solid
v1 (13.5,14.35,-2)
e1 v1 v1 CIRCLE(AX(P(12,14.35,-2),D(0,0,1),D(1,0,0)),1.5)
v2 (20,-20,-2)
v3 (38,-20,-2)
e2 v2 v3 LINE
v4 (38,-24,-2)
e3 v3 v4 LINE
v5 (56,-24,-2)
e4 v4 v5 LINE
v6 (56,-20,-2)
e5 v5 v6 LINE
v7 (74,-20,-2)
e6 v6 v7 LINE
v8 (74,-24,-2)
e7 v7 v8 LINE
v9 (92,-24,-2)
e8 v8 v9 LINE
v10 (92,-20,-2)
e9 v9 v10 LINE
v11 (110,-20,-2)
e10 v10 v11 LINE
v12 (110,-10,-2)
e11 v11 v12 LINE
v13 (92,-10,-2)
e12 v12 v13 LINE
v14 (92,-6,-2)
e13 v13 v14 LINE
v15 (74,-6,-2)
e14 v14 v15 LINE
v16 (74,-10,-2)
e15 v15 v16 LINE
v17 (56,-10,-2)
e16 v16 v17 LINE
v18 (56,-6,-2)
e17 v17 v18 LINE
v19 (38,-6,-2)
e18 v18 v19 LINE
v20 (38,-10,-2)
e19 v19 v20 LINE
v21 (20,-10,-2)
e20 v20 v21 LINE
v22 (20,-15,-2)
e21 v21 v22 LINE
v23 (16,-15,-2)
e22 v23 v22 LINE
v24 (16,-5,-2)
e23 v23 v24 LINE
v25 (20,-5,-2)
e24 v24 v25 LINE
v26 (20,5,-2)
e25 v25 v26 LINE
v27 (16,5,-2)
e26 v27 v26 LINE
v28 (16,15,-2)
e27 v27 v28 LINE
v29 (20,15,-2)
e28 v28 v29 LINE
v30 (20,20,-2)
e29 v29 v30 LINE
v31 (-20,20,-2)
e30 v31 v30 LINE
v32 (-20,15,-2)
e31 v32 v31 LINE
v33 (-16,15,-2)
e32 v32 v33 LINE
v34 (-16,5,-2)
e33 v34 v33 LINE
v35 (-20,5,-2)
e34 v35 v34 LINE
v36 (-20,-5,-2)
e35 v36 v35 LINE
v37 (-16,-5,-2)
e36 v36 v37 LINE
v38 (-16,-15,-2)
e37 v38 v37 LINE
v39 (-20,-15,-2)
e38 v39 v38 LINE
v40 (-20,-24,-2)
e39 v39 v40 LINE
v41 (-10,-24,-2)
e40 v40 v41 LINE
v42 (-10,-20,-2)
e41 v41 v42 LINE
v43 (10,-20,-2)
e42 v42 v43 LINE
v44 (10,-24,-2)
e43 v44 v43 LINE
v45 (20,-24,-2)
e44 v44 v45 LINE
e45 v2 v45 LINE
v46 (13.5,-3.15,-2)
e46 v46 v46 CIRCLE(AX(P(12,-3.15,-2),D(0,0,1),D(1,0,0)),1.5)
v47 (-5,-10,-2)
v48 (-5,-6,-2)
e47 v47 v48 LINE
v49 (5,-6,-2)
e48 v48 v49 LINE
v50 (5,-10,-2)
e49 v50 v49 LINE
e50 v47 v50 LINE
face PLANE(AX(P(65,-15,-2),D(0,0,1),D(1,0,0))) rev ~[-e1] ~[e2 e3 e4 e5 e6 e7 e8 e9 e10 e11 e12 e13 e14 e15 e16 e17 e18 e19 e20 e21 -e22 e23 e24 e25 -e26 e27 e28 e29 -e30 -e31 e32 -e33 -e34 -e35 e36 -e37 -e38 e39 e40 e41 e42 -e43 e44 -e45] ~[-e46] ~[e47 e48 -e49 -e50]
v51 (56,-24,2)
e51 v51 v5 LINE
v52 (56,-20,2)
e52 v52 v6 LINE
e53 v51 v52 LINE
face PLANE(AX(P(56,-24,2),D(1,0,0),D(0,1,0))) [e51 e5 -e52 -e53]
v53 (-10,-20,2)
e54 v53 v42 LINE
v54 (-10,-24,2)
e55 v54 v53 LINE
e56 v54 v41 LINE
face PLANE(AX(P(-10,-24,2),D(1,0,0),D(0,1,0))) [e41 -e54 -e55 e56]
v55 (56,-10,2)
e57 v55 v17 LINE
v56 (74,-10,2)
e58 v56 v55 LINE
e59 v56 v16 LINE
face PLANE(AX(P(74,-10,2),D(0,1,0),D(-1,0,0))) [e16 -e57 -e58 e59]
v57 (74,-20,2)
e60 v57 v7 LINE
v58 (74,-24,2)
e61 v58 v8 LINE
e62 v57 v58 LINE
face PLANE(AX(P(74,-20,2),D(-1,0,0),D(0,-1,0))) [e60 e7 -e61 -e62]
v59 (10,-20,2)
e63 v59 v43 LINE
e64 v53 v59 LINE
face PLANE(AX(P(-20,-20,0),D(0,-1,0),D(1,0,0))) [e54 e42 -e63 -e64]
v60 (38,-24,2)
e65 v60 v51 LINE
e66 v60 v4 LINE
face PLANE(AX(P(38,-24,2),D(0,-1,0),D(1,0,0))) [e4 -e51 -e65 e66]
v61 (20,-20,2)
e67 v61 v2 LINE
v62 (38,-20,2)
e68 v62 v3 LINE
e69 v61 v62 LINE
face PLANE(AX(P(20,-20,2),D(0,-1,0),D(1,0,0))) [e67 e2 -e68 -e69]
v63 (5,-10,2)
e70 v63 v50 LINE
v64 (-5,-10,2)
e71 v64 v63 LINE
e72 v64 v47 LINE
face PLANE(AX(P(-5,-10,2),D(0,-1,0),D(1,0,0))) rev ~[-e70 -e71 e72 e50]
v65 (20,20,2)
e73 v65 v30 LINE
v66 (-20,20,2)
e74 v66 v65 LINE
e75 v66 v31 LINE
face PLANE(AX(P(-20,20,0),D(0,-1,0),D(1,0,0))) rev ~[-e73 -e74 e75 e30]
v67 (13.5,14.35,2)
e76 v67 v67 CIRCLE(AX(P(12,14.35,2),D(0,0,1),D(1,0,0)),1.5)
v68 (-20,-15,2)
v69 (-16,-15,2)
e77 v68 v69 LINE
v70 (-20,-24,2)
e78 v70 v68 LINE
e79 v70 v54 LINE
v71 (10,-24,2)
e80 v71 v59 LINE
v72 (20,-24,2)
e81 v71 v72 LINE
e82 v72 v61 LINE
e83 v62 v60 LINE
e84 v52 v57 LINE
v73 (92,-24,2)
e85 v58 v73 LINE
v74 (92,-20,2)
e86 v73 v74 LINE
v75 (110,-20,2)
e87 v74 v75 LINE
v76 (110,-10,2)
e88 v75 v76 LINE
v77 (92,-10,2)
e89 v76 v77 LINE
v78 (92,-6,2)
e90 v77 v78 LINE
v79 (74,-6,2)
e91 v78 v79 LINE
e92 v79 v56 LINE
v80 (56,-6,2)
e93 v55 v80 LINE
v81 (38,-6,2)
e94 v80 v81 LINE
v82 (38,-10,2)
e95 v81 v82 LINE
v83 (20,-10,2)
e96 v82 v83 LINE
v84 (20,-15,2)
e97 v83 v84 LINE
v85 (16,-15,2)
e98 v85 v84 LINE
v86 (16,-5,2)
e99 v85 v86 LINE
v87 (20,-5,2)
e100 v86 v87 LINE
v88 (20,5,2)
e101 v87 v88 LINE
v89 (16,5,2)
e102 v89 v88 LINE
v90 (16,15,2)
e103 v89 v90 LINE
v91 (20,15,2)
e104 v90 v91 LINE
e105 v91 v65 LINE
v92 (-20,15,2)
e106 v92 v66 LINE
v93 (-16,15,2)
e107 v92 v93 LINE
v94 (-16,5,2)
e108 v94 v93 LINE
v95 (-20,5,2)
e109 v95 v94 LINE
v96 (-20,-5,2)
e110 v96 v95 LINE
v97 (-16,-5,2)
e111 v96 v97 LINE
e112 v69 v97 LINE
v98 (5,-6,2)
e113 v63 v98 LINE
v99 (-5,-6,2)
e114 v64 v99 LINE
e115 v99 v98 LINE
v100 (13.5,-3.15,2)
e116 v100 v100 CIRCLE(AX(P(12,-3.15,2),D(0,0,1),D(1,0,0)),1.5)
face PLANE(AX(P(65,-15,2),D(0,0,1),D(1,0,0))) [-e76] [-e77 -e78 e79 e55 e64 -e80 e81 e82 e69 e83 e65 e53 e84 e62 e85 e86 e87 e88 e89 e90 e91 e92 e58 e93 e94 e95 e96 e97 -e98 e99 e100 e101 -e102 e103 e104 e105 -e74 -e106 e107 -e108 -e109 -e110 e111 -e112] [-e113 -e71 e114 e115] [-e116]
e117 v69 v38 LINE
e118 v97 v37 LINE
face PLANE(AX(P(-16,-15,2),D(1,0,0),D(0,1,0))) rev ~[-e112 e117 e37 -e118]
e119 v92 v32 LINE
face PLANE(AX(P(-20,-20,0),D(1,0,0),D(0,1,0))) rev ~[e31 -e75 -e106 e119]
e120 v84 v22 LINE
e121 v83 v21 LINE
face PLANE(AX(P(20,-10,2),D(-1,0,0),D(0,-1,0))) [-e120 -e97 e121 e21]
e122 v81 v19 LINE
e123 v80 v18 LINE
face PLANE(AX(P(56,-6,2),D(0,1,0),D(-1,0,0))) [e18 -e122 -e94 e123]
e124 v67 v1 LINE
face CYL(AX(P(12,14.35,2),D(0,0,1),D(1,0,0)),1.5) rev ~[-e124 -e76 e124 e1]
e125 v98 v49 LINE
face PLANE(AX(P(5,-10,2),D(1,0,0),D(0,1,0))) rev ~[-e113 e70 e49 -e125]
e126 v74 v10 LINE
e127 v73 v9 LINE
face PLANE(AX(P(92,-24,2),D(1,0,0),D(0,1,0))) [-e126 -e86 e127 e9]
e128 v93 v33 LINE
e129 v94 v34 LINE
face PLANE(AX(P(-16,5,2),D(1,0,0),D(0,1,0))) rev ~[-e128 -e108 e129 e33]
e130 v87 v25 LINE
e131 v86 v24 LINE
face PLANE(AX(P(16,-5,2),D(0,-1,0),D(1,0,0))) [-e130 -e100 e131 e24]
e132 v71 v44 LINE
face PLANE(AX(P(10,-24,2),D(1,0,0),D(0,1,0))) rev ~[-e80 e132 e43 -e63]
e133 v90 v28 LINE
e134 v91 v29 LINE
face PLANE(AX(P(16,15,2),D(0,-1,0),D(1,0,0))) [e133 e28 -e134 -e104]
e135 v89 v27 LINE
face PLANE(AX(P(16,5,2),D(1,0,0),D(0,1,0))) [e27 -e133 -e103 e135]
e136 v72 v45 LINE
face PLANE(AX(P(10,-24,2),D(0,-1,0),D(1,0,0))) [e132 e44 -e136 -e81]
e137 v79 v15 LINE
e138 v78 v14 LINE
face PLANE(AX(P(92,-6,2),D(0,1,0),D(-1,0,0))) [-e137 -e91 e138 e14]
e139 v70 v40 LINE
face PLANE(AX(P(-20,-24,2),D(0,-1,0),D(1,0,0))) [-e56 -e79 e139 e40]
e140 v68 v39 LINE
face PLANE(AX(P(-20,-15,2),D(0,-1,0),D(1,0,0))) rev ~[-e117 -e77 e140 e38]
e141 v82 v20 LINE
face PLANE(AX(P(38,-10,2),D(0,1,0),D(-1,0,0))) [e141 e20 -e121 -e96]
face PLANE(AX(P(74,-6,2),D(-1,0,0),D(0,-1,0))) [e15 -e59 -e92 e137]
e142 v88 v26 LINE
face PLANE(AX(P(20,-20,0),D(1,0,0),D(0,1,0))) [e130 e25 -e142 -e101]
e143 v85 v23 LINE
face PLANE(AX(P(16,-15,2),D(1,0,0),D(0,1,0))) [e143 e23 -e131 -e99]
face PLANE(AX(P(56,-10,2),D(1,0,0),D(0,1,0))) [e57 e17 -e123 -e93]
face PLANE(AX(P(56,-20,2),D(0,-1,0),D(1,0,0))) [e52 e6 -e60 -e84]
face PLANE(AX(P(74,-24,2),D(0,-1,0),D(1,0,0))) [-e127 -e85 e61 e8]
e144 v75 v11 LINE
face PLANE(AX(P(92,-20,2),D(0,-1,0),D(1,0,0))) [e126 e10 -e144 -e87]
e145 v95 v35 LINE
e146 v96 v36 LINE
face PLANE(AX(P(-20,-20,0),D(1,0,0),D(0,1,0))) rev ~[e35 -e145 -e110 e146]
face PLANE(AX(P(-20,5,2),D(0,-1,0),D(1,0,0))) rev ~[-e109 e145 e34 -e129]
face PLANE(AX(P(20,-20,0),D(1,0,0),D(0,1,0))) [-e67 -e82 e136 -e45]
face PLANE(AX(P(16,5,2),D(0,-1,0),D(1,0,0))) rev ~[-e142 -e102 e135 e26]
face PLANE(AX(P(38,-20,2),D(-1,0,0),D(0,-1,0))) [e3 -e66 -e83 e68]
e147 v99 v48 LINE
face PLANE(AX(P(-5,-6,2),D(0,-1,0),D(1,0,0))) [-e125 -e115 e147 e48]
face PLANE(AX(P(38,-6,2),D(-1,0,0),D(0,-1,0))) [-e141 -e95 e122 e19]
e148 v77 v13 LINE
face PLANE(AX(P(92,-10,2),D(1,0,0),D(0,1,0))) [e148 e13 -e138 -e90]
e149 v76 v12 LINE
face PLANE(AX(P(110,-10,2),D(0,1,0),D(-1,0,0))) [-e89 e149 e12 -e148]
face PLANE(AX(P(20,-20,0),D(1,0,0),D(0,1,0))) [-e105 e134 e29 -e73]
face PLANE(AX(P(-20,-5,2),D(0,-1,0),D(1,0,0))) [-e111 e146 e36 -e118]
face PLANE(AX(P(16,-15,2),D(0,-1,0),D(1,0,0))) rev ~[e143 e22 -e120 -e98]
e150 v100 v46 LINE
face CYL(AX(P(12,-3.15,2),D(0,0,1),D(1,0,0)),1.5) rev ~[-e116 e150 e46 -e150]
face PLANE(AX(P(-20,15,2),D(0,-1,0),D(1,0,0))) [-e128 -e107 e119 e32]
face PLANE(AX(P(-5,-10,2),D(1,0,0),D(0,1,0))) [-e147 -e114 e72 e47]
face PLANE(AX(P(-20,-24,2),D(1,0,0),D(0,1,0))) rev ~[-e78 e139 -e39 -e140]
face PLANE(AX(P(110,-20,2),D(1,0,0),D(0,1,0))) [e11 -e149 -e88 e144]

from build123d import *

# Parameters (mm, degrees)
SKETCH1_W           = 40
SKETCH1_H           = 40
BOSS_EXTRUDE1_DEPTH = 2
SKETCH2_R           = 1.5
CUT_EXTRUDE1_DEPTH  = 29.565713714
SKETCH3_W           = 4
SKETCH3_H           = 10
SKETCH3_W_2         = 10
SKETCH3_H_2         = 4
CUT_EXTRUDE2_DEPTH  = 29.565713714
SKETCH4_W           = 10
SKETCH4_H           = 4
BOSS_EXTRUDE2_DEPTH = 4
BOSS_EXTRUDE3_DEPTH = 4


with BuildPart() as part:
    # Sketch1 → Boss-Extrude1 (new, symmetric)
    with BuildSketch(Plane.XY):
        Rectangle(SKETCH1_W, SKETCH1_H)
    extrude(amount=BOSS_EXTRUDE1_DEPTH, both=True)

    # Sketch2 → Cut-Extrude1 (cut, through all)
    with BuildSketch(Plane.XY.offset(2)):
        with Locations((12, 14.35)):
            Circle(SKETCH2_R)
        with Locations((12, -3.15)):
            Circle(SKETCH2_R)
    extrude(amount=-CUT_EXTRUDE1_DEPTH, mode=Mode.SUBTRACT)

    # Sketch3 → Cut-Extrude2 (cut, through all)
    with BuildSketch(Plane.XY.offset(2)):
        with Locations((18, 10)):
            Rectangle(SKETCH3_W, SKETCH3_H)
        with Locations((-18, 10)):
            Rectangle(SKETCH3_W, SKETCH3_H)
        with Locations((-18, -10)):
            Rectangle(SKETCH3_W, SKETCH3_H)
        with Locations((18, -10)):
            Rectangle(SKETCH3_W, SKETCH3_H)
        with Locations((0, -8)):
            Rectangle(SKETCH3_W_2, SKETCH3_H_2)
    extrude(amount=-CUT_EXTRUDE2_DEPTH, mode=Mode.SUBTRACT)

    # Sketch4 → Boss-Extrude2 (add)
    with BuildSketch(Plane.XY.offset(2)):
        with Locations((-15, -22)):
            Rectangle(SKETCH4_W, SKETCH4_H)
        with Locations((15, -22)):
            Rectangle(SKETCH4_W, SKETCH4_H)
    extrude(amount=-BOSS_EXTRUDE2_DEPTH)

    # Sketch5 → Boss-Extrude3 (add)
    with BuildSketch(Plane.XY.offset(2)):
        Polygon((20, -20), (38, -20), (38, -24), (56, -24), (56, -20), (74, -20), (74, -24), (92, -24), (92, -20), (110, -20), (110, -10), (92, -10), (92, -6), (74, -6), (74, -10), (56, -10), (56, -6), (38, -6), (38, -10), (20, -10), align=None)
    extrude(amount=-BOSS_EXTRUDE3_DEPTH)


solid = part.part
